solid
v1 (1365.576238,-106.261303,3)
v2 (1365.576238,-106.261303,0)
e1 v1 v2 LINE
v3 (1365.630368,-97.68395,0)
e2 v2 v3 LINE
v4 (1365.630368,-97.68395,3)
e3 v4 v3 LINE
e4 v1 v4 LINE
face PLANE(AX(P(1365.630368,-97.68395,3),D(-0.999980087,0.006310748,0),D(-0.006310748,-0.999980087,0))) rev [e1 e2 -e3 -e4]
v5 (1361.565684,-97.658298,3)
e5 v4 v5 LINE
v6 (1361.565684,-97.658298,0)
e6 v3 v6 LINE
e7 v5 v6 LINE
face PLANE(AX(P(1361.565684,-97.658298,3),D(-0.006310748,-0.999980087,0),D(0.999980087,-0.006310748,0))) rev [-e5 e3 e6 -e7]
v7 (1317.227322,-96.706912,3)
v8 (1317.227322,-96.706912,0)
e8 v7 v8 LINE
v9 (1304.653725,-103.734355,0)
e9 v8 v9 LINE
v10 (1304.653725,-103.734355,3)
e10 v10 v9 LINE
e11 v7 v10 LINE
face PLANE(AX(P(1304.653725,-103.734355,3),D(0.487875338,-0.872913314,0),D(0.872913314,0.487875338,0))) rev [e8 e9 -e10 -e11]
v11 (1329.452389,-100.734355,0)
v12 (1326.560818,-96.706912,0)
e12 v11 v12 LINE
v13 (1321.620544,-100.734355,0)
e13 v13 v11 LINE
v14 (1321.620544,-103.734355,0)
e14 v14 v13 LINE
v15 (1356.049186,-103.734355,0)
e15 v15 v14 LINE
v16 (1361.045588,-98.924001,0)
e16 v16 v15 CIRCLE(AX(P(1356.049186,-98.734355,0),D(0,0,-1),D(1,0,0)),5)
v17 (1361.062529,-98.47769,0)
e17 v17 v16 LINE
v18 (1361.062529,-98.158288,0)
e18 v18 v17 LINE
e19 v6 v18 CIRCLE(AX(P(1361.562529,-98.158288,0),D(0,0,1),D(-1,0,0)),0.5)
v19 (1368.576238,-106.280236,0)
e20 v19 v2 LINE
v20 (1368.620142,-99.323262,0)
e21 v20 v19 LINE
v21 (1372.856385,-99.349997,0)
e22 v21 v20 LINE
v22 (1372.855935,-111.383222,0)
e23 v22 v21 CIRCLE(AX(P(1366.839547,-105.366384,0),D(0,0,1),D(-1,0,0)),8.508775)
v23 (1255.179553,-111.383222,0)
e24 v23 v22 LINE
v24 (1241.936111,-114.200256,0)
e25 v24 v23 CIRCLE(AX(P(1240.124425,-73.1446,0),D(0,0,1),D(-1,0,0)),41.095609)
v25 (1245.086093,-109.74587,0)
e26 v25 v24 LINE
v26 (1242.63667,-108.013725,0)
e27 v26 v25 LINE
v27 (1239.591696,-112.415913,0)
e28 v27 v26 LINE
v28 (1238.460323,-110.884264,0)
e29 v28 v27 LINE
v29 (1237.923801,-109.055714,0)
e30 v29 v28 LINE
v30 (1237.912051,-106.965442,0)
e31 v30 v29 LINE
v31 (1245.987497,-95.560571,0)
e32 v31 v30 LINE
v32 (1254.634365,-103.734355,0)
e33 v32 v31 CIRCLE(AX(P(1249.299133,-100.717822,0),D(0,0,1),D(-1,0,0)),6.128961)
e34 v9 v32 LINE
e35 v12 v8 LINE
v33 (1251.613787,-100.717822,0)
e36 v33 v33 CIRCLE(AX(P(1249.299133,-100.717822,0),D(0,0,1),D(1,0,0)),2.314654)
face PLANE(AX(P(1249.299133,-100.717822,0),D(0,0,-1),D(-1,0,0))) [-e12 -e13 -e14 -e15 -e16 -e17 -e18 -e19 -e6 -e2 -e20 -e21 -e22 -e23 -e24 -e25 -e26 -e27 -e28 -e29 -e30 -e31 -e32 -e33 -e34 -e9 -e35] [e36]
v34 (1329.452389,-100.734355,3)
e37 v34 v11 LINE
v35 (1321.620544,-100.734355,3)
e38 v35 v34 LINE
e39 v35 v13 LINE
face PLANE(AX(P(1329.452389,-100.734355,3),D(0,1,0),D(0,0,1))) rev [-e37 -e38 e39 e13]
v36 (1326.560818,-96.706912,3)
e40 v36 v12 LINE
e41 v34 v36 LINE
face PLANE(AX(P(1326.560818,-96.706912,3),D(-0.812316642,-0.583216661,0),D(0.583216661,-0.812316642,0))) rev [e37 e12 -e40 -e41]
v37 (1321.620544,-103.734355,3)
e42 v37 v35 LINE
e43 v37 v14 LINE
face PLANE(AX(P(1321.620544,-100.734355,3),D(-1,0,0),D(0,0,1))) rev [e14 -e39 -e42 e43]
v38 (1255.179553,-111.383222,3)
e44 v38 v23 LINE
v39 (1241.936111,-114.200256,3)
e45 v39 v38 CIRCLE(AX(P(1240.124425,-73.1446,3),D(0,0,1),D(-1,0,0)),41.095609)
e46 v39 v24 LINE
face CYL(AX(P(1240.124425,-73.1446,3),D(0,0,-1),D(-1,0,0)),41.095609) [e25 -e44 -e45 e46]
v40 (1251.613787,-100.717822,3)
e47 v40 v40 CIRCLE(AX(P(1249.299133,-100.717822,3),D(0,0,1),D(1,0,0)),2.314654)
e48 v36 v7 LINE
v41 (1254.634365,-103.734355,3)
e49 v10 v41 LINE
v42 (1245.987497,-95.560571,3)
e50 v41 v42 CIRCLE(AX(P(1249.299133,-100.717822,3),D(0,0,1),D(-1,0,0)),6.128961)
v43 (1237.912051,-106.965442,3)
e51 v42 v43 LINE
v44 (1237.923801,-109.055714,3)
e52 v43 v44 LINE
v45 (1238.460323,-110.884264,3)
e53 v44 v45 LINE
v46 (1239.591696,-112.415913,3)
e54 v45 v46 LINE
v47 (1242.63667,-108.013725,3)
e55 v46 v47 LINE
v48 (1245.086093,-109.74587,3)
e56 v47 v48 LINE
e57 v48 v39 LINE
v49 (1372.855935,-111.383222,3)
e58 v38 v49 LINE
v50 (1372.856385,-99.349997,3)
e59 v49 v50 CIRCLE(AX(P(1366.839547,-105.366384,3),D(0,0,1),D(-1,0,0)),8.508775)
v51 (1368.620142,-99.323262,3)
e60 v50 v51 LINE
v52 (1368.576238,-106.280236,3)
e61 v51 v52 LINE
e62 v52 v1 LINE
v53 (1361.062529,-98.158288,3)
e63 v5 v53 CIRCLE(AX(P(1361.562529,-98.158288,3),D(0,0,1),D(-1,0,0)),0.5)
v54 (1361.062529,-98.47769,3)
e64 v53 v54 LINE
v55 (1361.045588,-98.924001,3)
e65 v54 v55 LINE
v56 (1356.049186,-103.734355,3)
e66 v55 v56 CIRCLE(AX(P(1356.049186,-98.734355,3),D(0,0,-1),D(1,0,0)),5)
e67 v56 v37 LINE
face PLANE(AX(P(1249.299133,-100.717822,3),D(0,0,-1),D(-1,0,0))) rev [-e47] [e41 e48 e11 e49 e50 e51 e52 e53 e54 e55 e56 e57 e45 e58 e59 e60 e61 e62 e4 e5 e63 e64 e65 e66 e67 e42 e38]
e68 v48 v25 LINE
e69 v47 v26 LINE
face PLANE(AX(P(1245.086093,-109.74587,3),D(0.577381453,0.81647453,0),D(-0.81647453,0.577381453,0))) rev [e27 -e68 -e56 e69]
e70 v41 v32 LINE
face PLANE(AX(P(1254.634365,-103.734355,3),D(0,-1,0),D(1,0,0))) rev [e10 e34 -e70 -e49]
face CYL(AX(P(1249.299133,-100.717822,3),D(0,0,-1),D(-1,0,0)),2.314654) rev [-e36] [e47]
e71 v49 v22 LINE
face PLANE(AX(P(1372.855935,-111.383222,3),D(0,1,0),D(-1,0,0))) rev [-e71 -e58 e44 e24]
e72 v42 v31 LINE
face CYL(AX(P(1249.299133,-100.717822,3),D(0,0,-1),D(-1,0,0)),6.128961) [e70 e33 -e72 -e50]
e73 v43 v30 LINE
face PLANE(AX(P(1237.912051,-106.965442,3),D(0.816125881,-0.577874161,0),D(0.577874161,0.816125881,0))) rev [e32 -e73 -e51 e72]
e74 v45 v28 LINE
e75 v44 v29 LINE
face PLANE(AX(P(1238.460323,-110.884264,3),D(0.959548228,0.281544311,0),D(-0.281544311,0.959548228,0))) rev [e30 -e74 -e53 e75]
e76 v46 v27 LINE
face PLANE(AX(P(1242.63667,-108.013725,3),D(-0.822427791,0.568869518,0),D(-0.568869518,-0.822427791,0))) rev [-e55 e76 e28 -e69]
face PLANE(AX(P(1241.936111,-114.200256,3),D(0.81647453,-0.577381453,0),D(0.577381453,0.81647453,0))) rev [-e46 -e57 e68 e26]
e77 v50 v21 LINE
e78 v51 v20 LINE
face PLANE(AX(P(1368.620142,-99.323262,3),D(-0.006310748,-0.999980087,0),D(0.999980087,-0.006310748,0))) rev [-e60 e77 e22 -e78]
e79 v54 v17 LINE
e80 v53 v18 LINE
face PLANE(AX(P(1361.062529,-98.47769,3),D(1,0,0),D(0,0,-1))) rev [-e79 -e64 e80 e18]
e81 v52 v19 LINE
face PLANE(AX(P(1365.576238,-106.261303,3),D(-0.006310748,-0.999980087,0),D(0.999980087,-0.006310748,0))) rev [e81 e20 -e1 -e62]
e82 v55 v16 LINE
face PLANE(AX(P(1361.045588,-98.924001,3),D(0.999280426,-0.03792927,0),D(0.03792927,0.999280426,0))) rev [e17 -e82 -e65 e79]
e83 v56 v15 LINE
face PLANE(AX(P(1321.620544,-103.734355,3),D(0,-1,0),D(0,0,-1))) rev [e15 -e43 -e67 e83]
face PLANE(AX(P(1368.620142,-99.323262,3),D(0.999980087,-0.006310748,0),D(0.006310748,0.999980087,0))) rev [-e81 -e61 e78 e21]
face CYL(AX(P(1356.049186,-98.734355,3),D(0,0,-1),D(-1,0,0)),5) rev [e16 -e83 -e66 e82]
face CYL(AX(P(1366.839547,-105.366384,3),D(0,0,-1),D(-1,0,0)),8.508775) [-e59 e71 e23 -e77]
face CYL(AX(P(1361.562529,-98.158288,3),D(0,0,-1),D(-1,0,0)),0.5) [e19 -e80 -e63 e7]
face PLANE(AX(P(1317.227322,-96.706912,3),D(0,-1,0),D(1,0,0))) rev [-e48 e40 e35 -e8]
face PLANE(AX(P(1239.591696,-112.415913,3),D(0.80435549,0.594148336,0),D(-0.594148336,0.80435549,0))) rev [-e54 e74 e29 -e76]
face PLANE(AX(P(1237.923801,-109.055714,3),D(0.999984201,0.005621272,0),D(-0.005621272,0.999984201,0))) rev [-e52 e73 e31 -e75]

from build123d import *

# Parameters (mm, degrees)
SKETCH1_R          = 2.314653827
BASE_EXTRUDE_DEPTH = 3


with BuildPart() as part:
    # Sketch1 → Base-Extrude (new body)
    with BuildSketch(Plane.XY):
        with BuildLine():
            Line((1237.912051302, -106.965442143), (1245.987496986, -95.560571197))
            ThreePointArc((1245.987496986, -95.560571197), (1253.509408231, -96.263863256), (1254.634364731, -103.73435463))
            Line((1254.634364731, -103.73435463), (1304.653724872, -103.73435463))
            Line((1304.653724872, -103.73435463), (1317.227321876, -96.706912395))
            Line((1317.227321876, -96.706912395), (1326.560817804, -96.706912395))
            Line((1326.560817804, -96.706912395), (1329.452389013, -100.73435463))
            Line((1329.452389013, -100.73435463), (1321.620543519, -100.73435463))
            Line((1321.620543519, -100.73435463), (1321.620543519, -103.73435463))
            Line((1321.620543519, -103.73435463), (1356.049186006, -103.73435463))
            ThreePointArc((1356.049186006, -103.73435463), (1359.51702166, -102.336314635), (1361.045588138, -98.92400098))
            Line((1361.045588138, -98.92400098), (1361.062528583, -98.477689842))
            Line((1361.062528583, -98.477689842), (1361.062528583, -98.158287995))
            ThreePointArc((1361.062528583, -98.158287995), (1361.210092551, -97.803620765), (1361.565683957, -97.658297951))
            Line((1361.565683957, -97.658297951), (1365.63036841, -97.683949663))
            Line((1365.63036841, -97.683949663), (1365.576237812, -106.261303213))
            Line((1365.576237812, -106.261303213), (1368.576237812, -106.280235835))
            Line((1368.576237812, -106.280235835), (1368.620142395, -99.323262365))
            Line((1368.620142395, -99.323262365), (1372.856385089, -99.349996759))
            ThreePointArc((1372.856385089, -99.349996759), (1375.348322676, -105.366702643), (1372.855935111, -111.383222141))
            Line((1372.855935111, -111.383222141), (1255.179553467, -111.383222141))
            ThreePointArc((1255.179553467, -111.383222141), (1248.674645996, -113.340903741), (1241.936111152, -114.200256171))
            Line((1241.936111152, -114.200256171), (1245.086093213, -109.745869716))
            Line((1245.086093213, -109.745869716), (1242.636669623, -108.013725357))
            Line((1242.636669623, -108.013725357), (1239.591696444, -112.41591336))
            Line((1239.591696444, -112.41591336), (1238.460322727, -110.884264434))
            Line((1238.460322727, -110.884264434), (1237.923801474, -109.055713836))
            Line((1237.923801474, -109.055713836), (1237.912051302, -106.965442143))
        make_face()
        with Locations((1249.299132798, -100.717822078)):
            Circle(SKETCH1_R, mode=Mode.SUBTRACT)
    extrude(amount=BASE_EXTRUDE_DEPTH)


solid = part.part
